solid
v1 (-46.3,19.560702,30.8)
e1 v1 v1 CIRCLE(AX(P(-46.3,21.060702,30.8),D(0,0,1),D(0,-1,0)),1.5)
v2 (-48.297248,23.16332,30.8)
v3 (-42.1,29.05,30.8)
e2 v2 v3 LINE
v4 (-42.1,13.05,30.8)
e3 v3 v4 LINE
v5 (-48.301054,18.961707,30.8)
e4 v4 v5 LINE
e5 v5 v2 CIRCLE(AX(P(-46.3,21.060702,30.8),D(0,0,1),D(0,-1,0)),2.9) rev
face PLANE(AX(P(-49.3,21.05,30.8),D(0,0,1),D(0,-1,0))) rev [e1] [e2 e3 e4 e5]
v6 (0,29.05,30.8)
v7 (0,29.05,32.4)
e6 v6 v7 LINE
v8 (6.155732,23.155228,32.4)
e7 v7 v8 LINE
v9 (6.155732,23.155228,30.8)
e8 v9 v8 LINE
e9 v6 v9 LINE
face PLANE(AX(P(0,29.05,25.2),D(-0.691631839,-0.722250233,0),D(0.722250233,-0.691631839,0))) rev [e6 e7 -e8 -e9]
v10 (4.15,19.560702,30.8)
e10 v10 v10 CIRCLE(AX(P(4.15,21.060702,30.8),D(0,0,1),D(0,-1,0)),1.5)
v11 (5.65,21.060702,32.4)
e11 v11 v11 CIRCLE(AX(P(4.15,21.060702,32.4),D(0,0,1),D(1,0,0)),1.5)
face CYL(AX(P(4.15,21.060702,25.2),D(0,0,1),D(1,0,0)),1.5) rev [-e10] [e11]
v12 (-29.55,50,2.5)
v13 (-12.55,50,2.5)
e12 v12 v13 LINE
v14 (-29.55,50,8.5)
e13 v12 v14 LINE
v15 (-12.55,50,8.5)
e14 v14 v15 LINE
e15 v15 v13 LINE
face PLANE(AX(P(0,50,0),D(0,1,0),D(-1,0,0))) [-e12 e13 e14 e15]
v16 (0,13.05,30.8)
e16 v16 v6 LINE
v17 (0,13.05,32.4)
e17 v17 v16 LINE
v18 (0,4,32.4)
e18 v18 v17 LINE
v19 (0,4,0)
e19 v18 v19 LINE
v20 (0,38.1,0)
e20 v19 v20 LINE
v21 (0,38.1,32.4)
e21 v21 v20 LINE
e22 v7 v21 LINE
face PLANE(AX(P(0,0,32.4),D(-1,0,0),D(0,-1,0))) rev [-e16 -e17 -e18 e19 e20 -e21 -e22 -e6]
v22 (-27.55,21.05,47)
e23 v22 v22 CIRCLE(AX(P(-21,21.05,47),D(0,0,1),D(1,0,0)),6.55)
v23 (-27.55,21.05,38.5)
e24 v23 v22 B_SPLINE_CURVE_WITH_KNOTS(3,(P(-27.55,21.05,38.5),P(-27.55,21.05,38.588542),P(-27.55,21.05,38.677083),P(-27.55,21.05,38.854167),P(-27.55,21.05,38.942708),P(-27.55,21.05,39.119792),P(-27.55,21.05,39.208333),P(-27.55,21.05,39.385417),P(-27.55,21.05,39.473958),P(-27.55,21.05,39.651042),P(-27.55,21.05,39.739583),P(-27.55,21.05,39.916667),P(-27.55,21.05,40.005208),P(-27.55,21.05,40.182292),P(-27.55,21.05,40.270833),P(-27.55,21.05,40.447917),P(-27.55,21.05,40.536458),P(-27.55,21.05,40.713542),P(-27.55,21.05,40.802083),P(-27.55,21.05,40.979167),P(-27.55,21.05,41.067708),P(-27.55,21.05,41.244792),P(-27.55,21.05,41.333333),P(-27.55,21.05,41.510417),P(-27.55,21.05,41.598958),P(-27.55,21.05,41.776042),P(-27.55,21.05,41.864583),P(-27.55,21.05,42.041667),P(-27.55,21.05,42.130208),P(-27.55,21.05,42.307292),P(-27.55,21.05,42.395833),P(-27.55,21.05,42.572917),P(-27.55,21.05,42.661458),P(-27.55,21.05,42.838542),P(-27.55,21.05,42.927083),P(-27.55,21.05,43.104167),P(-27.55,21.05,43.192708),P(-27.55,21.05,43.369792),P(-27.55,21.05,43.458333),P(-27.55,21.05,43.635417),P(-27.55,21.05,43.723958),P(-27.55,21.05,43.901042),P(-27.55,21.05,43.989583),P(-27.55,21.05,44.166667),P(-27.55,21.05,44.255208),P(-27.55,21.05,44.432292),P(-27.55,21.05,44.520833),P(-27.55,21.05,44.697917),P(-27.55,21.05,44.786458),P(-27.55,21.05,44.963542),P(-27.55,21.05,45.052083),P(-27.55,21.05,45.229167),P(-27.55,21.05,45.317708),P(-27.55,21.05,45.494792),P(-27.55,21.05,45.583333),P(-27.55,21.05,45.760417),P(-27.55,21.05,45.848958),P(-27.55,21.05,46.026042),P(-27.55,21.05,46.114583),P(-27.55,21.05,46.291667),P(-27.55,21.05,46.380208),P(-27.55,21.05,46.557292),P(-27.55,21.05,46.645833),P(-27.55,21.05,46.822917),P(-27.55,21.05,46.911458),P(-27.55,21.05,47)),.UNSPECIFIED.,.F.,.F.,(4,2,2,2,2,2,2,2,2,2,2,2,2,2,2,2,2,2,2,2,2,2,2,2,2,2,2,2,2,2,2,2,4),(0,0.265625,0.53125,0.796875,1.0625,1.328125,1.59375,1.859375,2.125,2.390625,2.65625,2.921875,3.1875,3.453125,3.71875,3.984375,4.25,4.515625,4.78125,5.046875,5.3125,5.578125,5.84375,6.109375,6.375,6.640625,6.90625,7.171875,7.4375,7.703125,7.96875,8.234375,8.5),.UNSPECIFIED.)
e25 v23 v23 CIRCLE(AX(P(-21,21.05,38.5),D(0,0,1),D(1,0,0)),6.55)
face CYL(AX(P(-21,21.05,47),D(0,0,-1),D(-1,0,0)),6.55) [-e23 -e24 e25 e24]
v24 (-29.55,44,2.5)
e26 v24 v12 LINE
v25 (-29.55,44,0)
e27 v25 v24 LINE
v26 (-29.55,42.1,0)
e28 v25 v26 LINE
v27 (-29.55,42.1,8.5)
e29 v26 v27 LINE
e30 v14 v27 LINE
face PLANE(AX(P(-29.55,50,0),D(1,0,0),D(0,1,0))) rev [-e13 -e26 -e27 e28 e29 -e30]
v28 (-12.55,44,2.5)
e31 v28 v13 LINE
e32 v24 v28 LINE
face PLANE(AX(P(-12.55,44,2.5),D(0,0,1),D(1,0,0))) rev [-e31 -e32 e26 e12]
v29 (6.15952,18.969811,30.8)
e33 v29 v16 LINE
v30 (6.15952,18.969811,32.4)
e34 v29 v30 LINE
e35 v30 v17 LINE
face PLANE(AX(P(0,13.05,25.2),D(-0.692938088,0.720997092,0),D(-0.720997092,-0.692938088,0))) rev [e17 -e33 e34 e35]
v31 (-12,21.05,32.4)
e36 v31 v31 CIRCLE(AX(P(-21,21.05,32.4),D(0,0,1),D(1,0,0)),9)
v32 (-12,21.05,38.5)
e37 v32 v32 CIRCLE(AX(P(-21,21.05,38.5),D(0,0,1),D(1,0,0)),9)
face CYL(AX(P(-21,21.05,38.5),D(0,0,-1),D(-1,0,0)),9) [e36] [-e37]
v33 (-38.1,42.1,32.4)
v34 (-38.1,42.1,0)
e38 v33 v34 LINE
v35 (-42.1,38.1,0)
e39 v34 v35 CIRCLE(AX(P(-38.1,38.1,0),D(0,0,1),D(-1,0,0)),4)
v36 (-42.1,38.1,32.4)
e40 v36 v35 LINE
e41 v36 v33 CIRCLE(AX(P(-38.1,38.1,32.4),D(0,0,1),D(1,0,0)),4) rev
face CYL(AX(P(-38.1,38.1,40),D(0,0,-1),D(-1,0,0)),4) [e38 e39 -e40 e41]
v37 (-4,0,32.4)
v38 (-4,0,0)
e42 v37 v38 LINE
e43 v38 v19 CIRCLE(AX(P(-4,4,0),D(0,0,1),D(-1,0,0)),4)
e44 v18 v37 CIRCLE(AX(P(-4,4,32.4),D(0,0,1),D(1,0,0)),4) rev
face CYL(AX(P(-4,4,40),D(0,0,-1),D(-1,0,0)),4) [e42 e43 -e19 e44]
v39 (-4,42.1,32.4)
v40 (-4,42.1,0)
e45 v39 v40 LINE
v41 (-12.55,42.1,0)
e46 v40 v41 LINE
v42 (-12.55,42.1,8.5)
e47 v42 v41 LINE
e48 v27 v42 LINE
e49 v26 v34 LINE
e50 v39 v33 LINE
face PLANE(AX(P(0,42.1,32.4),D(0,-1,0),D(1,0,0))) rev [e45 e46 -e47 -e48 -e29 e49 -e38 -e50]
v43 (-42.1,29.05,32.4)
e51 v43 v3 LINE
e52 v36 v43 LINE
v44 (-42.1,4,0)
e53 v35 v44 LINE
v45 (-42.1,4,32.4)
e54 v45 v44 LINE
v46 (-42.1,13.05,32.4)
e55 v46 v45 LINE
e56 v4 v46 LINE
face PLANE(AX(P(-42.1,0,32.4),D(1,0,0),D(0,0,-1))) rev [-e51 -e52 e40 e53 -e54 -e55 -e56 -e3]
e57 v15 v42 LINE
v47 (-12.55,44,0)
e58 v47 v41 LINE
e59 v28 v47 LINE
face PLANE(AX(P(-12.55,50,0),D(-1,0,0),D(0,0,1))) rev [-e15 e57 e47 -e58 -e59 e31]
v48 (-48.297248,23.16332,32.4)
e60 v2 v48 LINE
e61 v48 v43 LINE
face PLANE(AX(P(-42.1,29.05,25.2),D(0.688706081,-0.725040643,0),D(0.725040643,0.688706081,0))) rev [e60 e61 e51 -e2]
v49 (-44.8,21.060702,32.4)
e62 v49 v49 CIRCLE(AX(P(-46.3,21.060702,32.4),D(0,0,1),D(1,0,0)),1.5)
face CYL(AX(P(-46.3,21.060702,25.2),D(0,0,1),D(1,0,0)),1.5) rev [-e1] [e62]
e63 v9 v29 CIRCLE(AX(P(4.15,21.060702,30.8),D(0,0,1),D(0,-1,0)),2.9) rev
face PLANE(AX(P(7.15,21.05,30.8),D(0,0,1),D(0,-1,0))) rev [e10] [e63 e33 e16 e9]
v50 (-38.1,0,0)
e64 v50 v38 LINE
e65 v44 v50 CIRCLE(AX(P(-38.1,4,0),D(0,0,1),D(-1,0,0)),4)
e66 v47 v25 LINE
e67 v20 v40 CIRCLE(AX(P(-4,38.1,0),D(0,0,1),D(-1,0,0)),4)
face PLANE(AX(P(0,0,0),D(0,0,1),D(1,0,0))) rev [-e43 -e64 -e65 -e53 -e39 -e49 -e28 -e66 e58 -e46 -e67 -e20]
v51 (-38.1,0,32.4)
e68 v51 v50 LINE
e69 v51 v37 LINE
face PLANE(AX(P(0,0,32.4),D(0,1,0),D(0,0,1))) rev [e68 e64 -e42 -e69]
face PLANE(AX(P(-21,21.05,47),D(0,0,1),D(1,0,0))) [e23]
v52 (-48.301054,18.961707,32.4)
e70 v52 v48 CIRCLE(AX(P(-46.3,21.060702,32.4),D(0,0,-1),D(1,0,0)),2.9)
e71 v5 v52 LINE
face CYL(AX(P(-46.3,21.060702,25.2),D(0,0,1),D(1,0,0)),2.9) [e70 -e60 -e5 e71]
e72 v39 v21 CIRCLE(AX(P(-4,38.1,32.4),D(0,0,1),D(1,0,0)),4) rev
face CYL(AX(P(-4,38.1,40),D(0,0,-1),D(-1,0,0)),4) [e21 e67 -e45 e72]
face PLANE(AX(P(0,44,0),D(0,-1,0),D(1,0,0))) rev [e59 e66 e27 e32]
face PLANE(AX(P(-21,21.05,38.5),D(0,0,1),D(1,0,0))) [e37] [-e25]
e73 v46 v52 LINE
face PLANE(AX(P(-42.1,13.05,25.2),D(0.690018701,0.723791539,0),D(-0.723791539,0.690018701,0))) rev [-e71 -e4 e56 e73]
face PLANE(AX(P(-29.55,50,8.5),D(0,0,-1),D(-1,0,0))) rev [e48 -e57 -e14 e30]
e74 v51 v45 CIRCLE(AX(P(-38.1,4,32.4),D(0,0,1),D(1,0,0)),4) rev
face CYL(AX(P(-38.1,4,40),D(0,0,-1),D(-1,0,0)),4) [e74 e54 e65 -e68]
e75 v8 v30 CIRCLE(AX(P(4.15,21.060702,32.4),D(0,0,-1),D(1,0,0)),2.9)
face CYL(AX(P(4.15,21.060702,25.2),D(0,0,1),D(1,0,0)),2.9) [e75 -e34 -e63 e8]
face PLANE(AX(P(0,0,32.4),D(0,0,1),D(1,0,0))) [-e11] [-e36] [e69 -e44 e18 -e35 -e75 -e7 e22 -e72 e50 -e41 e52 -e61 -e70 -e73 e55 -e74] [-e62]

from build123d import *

# Parameters (mm, degrees)
SKETCH1_W           = 42.1
SKETCH1_H           = 42.1
BOSS_EXTRUDE1_DEPTH = 32.4
SKETCH2_W           = 17
SKETCH2_H           = 8.5
BOSS_EXTRUDE2_DEPTH = 7.9
BOSS_EXTRUDE3_DEPTH = 7.15
BOSS_EXTRUDE4_DEPTH = 7.2
SKETCH6_R           = 1.5
CUT_EXTRUDE1_DEPTH  = 7.2
CUT_EXTRUDE2_DEPTH  = 7.2
SKETCH9_R           = 6.55
BOSS_EXTRUDE5_DEPTH = 14.6
SKETCH11_R          = 9
BOSS_EXTRUDE6_DEPTH = 6.1
SKETCH12_W          = 17
SKETCH12_H          = 2.5
CUT_EXTRUDE3_DEPTH  = 6
CUT_EXTRUDE4_DEPTH  = 40


with BuildPart() as part:
    # Sketch1 → Boss-Extrude1 (new body)
    with BuildSketch(Plane.XY):
        with Locations((-21.05, 21.05)):
            Rectangle(SKETCH1_W, SKETCH1_H)
    extrude(amount=BOSS_EXTRUDE1_DEPTH)

    # Sketch2 → Boss-Extrude2 (add)
    with BuildSketch(Plane(origin=(0, 42.1, 0), x_dir=(1, 0, 0), z_dir=(0, 1, 0))):
        with Locations((-21.05, -4.25)):
            Rectangle(SKETCH2_W, SKETCH2_H)
    extrude(amount=BOSS_EXTRUDE2_DEPTH)

    # Sketch3 → Boss-Extrude3 (add)
    with BuildSketch(Plane(origin=(0, 0, 0), x_dir=(0, 0, -1), z_dir=(1, 0, 0))):
        Polygon((-32.4, 21.05), (-32.4, 29.05), (-30.8, 29.05), (-30.8, 21.05), (-30.8, 13.05), (-32.4, 13.05), align=None)
    extrude(amount=BOSS_EXTRUDE3_DEPTH)

    # Sketch4 → Boss-Extrude4 (add)
    with BuildSketch(Plane.ZY.offset(42.1)):
        Polygon((32.4, 21.05), (32.4, 29.05), (30.8, 29.05), (30.8, 21.05), (30.8, 13.05), (32.4, 13.05), align=None)
    extrude(amount=BOSS_EXTRUDE4_DEPTH)

    # Sketch6 → Cut-Extrude1 (cut)
    with BuildSketch(Plane.XY.offset(32.4)):
        with Locations((-46.3, 21.060702299)):
            Circle(SKETCH6_R)
        with Locations((4.15, 21.060702299)):
            Circle(SKETCH6_R)
    extrude(amount=-CUT_EXTRUDE1_DEPTH, mode=Mode.SUBTRACT)

    # Sketch7 → Cut-Extrude2 (cut)
    with BuildSketch(Plane.XY.offset(32.4)):
        with BuildLine():
            Line((-42.1, 29.05), (-48.297247635, 23.163320163))
            ThreePointArc((-48.297247635, 23.163320163), (-49.19999881, 21.063329654), (-48.301054234, 18.961706835))
            Line((-48.301054234, 18.961706835), (-42.1, 13.05))
            Line((-42.1, 13.05), (-49.3, 13.05))
            Line((-49.3, 13.05), (-49.3, 29.05))
            Line((-49.3, 29.05), (-42.1, 29.05))
        make_face()
        with BuildLine():
            Line((0, 29.05), (6.155732332, 23.155227976))
            ThreePointArc((6.155732332, 23.155227976), (7.049998812, 21.063327019), (6.159520454, 18.969810731))
            Line((6.159520454, 18.969810731), (0, 13.05))
            Line((0, 13.05), (7.15, 13.05))
            Line((7.15, 13.05), (7.15, 29.05))
            Line((7.15, 29.05), (0, 29.05))
        make_face()
    extrude(amount=-CUT_EXTRUDE2_DEPTH, mode=Mode.SUBTRACT)

    # Sketch9 → Boss-Extrude5 (add)
    with BuildSketch(Plane.XY.offset(32.4)):
        with Locations(Location((-21, 21.05, 0), (0, 0, 180))):
            Circle(SKETCH9_R)
    extrude(amount=BOSS_EXTRUDE5_DEPTH)

    # Sketch11 → Boss-Extrude6 (add)
    with BuildSketch(Plane.XY.offset(32.4)):
        with Locations((-21, 21.05)):
            Circle(SKETCH11_R)
    extrude(amount=BOSS_EXTRUDE6_DEPTH)

    # Sketch12 → Cut-Extrude3 (cut)
    with BuildSketch(Plane(origin=(0, 50, 0), x_dir=(1, 0, 0), z_dir=(0, 1, 0))):
        with Locations((-21.05, -1.25)):
            Rectangle(SKETCH12_W, SKETCH12_H)
    extrude(amount=-CUT_EXTRUDE3_DEPTH, mode=Mode.SUBTRACT)

    # Sketch13 → Cut-Extrude4 (cut)
    with BuildSketch(Plane(origin=(0, 0, 0), x_dir=(-1, 0, 0), z_dir=(0, 0, -1))):
        with BuildLine():
            Line((0, 0), (0, 4))
            ThreePointArc((0, 4), (1.171572875, 1.171572875), (4, 0))
            Line((4, 0), (0, 0))
        make_face()
        with BuildLine():
            Line((38.1, 0), (42.1, 0))
            Line((42.1, 0), (42.1, 4))
            ThreePointArc((42.1, 4), (40.928427125, 1.171572875), (38.1, 0))
        make_face()
        with BuildLine():
            Line((38.1, 42.1), (42.1, 42.1))
            Line((42.1, 42.1), (42.1, 38.1))
            ThreePointArc((42.1, 38.1), (40.928427125, 40.928427125), (38.1, 42.1))
        make_face()
        with BuildLine():
            Line((4, 42.1), (0, 42.1))
            Line((0, 42.1), (0, 38.1))
            ThreePointArc((0, 38.1), (1.171572875, 40.928427125), (4, 42.1))
        make_face()
    extrude(amount=-CUT_EXTRUDE4_DEPTH, mode=Mode.SUBTRACT)


solid = part.part
